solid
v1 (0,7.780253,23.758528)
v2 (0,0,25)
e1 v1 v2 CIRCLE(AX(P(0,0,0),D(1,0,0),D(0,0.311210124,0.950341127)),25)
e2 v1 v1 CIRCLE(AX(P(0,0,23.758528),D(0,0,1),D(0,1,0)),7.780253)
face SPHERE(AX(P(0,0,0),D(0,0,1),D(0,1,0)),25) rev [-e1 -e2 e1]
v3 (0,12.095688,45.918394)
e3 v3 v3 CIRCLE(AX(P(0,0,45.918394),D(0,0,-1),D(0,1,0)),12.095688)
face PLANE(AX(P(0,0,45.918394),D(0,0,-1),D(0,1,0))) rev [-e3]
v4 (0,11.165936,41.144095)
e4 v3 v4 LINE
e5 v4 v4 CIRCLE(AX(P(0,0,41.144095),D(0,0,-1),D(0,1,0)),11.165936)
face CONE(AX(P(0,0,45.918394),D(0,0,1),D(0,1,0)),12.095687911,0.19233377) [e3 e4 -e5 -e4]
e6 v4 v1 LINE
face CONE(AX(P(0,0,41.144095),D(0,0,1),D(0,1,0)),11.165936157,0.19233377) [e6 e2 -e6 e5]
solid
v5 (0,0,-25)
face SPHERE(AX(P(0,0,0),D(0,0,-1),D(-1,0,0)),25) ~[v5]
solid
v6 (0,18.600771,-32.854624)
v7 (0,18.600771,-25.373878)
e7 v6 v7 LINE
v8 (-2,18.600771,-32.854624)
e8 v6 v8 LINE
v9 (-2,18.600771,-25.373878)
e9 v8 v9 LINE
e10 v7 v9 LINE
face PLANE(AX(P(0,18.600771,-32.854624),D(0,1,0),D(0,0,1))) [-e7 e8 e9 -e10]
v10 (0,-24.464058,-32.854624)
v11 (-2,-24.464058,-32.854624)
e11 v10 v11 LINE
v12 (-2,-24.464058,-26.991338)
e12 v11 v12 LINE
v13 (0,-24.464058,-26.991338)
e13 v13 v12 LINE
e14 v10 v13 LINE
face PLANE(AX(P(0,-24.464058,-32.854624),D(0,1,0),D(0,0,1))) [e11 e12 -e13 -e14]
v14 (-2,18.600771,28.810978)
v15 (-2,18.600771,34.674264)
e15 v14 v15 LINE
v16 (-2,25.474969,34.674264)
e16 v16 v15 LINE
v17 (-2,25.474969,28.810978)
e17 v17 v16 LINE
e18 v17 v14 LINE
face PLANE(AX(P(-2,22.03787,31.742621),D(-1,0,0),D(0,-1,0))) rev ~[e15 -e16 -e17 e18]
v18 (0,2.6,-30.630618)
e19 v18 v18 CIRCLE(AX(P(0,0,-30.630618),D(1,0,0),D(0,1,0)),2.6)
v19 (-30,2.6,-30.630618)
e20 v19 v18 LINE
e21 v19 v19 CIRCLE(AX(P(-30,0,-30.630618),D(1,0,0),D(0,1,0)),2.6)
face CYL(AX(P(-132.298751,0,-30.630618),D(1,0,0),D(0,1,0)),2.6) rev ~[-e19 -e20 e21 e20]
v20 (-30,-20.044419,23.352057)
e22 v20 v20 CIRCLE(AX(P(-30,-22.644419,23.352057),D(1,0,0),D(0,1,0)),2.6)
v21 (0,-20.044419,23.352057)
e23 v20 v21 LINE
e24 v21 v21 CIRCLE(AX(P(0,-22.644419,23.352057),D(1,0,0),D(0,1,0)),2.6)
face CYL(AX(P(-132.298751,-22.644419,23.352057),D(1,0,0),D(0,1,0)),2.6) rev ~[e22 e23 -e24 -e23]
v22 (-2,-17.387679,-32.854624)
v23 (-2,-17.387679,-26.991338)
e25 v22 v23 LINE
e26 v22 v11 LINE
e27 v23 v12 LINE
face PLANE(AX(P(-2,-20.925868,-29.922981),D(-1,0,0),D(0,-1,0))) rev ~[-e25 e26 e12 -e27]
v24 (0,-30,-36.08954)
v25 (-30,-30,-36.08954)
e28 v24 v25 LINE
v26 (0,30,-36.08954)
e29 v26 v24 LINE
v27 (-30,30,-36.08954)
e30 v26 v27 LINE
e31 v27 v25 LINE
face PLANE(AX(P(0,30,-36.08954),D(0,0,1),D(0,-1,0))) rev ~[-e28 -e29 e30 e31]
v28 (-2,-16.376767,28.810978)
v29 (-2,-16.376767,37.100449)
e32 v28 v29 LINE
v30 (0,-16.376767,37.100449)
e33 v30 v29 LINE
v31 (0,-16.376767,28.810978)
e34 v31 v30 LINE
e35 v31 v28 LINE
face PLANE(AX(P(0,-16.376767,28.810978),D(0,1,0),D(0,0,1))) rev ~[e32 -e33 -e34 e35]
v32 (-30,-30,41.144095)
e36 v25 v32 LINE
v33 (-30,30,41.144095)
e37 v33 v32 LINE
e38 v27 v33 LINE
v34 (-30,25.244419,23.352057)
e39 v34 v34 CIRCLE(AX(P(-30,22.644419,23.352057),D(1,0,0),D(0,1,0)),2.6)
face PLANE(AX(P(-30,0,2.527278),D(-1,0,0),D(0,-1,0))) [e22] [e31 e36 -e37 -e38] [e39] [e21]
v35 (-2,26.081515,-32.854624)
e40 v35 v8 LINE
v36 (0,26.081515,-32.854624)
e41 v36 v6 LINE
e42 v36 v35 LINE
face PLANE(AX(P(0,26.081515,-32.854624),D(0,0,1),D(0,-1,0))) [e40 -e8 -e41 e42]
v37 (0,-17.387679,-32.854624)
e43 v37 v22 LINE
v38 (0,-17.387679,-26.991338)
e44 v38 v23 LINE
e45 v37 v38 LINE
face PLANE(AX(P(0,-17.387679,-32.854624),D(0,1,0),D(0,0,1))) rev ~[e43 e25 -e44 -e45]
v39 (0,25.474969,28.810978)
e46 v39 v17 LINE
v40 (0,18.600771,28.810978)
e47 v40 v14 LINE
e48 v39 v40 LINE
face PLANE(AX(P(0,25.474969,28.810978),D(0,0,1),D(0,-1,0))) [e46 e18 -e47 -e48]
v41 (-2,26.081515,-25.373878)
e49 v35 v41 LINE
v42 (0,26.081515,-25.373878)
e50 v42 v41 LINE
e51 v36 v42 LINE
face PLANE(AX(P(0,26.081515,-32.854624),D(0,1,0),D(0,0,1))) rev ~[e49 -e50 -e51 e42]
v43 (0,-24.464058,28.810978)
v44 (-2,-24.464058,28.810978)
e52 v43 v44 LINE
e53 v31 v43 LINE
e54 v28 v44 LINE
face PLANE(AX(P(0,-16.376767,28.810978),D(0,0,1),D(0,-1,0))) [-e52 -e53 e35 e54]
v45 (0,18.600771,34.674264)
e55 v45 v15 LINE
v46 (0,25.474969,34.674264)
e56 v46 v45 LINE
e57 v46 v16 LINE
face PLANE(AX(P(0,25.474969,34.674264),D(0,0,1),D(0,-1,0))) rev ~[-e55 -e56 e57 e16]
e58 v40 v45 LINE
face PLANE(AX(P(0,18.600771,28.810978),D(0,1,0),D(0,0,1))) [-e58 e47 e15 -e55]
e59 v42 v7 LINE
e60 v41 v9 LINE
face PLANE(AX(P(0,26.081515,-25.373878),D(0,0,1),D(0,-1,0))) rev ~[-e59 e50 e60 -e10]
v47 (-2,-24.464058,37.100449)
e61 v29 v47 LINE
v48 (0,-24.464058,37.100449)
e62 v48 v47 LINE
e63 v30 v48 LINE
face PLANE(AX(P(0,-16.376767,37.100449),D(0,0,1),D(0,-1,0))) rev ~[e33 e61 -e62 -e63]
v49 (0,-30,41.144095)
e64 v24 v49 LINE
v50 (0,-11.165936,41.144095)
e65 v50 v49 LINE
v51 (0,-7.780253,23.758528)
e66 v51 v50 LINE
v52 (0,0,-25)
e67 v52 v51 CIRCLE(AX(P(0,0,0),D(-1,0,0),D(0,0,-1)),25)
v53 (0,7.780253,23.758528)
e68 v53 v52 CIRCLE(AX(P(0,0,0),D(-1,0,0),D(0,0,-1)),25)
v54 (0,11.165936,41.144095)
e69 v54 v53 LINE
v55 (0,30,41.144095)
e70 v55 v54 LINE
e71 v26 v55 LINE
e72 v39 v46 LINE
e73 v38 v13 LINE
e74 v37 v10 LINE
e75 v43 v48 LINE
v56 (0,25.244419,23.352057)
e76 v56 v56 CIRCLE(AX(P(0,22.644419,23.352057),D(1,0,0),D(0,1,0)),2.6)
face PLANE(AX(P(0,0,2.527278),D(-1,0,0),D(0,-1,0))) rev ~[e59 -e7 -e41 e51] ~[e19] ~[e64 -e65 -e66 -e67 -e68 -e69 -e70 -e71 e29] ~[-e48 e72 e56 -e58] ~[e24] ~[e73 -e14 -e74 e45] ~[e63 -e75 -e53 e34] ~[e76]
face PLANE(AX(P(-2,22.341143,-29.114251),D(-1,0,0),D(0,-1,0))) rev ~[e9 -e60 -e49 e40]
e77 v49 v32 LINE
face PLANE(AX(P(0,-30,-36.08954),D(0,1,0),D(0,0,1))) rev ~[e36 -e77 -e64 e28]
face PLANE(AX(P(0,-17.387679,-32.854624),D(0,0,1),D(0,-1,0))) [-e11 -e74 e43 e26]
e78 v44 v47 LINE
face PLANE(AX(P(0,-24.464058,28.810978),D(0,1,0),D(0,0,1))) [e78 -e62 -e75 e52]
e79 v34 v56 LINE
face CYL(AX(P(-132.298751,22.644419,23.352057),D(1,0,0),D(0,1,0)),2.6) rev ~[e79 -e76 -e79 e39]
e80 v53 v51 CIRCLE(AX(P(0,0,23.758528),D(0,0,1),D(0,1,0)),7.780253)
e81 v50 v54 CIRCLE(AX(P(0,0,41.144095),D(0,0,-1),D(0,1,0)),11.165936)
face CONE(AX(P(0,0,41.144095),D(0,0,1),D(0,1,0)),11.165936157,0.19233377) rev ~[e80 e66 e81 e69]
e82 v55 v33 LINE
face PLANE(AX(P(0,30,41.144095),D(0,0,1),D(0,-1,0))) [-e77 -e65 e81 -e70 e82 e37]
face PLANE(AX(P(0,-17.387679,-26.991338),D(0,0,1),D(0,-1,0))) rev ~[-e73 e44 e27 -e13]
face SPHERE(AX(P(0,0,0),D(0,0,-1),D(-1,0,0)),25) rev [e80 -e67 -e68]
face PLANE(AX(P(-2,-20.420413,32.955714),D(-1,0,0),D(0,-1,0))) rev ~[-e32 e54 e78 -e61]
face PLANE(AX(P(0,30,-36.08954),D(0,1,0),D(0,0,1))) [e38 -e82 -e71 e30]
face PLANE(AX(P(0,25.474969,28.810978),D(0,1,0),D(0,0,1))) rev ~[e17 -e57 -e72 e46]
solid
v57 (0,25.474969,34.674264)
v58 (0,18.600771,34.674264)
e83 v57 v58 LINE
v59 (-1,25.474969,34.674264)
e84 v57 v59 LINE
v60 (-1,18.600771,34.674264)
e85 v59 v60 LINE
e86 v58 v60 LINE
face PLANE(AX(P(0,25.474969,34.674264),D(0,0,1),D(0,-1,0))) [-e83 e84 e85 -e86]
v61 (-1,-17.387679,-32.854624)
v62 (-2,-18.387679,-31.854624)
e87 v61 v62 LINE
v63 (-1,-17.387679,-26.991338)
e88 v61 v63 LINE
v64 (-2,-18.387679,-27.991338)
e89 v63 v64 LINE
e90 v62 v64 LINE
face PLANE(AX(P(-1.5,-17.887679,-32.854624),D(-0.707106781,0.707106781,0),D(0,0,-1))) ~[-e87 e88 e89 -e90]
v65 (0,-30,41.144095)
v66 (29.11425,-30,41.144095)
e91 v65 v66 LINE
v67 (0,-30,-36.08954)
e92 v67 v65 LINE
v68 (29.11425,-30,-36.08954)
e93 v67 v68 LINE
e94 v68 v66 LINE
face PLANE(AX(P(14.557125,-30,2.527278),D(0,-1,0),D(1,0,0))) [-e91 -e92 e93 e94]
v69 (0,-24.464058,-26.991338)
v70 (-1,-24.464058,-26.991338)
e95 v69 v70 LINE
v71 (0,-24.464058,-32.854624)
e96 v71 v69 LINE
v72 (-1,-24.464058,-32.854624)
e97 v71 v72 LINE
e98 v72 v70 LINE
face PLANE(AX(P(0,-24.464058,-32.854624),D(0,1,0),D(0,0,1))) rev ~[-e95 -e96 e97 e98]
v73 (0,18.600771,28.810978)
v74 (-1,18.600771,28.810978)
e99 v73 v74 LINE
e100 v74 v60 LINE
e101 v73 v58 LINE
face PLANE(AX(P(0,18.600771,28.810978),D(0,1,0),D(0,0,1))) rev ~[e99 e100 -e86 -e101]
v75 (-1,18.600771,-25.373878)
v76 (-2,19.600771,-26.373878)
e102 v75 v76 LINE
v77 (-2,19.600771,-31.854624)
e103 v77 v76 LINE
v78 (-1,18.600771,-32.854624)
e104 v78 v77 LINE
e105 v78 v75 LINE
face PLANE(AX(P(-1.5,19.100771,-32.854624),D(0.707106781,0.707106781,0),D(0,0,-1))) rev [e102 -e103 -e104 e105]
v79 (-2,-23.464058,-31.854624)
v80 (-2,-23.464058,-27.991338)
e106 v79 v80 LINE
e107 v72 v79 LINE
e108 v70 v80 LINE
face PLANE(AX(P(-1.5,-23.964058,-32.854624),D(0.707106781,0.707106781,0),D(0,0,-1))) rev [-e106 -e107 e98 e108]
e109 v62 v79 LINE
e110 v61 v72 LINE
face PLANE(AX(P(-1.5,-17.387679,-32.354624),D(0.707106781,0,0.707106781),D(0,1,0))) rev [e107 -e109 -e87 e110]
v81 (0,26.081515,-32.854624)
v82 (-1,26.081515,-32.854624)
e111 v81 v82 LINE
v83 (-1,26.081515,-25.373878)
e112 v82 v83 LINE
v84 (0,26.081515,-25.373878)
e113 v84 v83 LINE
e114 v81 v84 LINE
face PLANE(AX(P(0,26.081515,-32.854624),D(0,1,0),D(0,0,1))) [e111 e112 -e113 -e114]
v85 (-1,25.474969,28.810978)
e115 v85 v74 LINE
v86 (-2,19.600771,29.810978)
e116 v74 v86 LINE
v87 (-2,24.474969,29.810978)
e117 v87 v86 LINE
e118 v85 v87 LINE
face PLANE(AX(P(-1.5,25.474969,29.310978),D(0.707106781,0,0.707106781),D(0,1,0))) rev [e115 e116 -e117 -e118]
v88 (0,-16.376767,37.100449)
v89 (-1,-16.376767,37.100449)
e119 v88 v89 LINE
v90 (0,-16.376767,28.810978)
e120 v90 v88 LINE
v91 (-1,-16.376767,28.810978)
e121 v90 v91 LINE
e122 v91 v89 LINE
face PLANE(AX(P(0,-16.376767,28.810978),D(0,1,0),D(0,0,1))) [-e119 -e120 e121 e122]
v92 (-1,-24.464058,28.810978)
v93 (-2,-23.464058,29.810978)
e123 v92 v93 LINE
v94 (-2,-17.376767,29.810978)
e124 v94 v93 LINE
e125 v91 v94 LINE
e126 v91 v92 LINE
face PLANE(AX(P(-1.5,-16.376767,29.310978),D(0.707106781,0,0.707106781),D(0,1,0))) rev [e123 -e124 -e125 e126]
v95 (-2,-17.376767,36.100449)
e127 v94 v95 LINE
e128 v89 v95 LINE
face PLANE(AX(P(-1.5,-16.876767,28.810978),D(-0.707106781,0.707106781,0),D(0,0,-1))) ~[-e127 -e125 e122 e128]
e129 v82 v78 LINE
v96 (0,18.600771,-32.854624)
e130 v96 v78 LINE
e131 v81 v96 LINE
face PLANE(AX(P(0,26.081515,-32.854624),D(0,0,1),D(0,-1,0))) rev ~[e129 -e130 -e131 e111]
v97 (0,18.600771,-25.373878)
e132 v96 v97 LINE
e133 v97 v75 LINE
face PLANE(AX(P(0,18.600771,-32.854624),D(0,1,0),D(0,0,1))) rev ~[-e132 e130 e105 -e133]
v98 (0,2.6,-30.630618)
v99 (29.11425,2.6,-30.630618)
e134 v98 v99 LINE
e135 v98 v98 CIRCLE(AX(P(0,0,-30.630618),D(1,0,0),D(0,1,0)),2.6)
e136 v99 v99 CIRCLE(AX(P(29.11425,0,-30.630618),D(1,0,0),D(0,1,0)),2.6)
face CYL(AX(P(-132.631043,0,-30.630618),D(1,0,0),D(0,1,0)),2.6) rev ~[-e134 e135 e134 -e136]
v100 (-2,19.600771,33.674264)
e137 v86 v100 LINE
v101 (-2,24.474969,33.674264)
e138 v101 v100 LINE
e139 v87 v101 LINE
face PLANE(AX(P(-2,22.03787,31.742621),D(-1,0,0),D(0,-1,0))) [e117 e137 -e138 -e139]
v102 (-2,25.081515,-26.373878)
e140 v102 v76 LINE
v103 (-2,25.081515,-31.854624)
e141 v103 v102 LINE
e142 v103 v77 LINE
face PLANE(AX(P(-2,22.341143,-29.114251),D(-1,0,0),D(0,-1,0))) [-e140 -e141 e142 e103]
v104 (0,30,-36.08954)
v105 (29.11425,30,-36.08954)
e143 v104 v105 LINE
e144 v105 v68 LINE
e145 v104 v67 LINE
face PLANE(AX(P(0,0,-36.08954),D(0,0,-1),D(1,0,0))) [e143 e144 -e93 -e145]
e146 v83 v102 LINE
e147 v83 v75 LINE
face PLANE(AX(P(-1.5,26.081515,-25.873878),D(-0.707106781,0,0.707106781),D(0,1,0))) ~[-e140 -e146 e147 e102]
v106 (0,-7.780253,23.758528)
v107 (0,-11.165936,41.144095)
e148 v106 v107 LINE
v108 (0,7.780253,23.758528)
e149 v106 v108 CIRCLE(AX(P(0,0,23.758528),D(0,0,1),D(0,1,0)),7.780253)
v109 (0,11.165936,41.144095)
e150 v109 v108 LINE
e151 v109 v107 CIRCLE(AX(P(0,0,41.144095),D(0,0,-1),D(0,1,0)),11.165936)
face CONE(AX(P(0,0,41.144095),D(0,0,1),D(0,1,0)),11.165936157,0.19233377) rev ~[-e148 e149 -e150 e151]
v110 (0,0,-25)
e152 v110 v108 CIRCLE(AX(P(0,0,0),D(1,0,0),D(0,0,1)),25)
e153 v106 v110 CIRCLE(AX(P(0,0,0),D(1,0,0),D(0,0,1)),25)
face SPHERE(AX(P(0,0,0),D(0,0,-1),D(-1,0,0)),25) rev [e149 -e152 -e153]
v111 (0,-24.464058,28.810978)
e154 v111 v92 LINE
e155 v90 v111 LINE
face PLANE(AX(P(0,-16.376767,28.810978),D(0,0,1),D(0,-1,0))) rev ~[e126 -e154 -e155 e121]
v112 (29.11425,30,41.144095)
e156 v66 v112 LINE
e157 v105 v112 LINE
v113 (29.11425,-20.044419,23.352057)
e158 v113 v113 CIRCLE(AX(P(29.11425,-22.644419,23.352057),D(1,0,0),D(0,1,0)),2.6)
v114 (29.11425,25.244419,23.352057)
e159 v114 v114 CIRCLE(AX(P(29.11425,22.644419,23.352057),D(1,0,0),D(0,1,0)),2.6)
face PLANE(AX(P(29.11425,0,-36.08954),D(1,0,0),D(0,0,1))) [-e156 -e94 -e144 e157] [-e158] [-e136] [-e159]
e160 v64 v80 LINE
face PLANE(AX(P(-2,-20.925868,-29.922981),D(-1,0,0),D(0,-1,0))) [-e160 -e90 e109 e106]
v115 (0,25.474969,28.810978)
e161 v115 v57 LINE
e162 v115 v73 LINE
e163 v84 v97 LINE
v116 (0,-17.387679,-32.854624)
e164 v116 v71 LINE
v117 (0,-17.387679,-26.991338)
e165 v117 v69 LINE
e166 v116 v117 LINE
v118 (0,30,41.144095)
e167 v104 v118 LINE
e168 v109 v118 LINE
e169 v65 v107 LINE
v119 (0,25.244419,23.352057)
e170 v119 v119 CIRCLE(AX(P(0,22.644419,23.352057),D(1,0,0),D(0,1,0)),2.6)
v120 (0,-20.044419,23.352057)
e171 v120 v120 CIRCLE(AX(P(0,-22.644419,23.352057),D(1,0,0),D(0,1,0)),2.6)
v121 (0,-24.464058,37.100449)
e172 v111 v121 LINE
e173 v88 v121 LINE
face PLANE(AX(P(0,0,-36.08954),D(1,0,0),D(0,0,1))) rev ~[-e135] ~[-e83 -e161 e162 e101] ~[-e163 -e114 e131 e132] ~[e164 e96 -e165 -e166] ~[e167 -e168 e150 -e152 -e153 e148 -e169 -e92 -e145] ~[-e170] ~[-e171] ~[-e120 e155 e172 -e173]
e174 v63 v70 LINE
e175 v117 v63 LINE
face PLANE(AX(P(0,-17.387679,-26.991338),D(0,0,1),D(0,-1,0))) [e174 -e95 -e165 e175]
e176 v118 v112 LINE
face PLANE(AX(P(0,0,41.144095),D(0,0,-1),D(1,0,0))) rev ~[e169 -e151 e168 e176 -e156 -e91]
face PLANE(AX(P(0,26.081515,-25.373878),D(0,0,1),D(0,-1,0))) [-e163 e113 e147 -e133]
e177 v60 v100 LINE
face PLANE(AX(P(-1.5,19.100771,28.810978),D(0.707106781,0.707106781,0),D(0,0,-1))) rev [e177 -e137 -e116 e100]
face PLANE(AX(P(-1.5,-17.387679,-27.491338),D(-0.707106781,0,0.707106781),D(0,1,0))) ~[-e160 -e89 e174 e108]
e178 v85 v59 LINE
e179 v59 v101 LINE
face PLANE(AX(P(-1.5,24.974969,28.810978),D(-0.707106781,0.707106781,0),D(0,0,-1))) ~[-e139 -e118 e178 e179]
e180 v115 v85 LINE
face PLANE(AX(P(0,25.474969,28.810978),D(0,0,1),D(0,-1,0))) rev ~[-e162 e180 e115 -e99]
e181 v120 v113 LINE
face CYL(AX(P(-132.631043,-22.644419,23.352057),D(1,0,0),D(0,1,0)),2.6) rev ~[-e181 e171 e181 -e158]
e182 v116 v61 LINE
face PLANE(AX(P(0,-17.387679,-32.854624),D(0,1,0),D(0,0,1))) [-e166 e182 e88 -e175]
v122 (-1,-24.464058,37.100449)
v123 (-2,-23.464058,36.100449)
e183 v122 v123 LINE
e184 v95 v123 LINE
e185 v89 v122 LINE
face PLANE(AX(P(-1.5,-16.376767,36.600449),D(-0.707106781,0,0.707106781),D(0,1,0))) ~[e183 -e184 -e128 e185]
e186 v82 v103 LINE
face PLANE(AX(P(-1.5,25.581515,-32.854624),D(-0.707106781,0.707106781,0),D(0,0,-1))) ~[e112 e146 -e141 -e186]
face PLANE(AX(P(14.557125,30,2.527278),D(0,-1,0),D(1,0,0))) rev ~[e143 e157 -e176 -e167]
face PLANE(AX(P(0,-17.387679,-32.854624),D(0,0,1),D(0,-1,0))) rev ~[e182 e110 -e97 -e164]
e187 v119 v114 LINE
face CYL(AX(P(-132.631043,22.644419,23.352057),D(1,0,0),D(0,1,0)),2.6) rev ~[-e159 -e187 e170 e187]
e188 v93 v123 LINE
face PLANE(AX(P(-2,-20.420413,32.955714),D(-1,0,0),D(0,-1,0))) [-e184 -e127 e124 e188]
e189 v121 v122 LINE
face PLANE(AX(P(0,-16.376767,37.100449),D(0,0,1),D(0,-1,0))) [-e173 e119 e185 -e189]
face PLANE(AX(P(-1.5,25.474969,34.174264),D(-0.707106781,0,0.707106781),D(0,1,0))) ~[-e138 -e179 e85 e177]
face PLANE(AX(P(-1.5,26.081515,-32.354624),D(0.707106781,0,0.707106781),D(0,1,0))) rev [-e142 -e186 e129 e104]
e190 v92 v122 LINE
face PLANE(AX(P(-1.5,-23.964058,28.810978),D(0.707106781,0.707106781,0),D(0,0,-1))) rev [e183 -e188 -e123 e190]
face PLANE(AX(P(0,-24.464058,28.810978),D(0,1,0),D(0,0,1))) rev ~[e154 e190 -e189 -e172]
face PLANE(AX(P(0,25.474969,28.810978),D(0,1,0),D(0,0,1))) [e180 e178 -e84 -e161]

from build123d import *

# Parameters (mm, degrees)
F2_W     = 29.1142500937
F2_H     = 77.2336348891
F3_DEPTH = 30
F4_W     = 6.874198094
F4_H     = 5.8632865548
F4_W_2   = 8.0872904509
F4_H_2   = 8.2894712687
F4_W_3   = 7.0763789117
F4_W_4   = 7.4807442725
F4_H_3   = 7.4807461351
F5_DEPTH = 2
F6_W     = 60
F6_H     = 77.2336348891
F8_DEPTH = 30
F15_SIZE = 1
F17_D    = 5.2
F17_2_D  = 5.2


with BuildPart() as f1:
    # F0 (on Front) → F1 (revolve)
    with BuildSketch(Plane.XZ):
        with BuildLine():
            Line((0, -25), (0, 25))
            ThreePointArc((0, 25), (-25, 0), (0, -25))
        make_face()
    revolve(axis=Axis((0, 0, 1.6856454313), (0, 0, 1)))


with BuildPart() as f3:
    # F2 (on Front) → F3 (new body, symmetric)
    with BuildSketch(Plane.XZ):
        with Locations((14.5571250468, 2.5272779167)):
            Rectangle(F2_W, F2_H)
    extrude(amount=F3_DEPTH, both=True)

    # F4 (on face) → F5 (join)
    with BuildSketch(Plane(origin=(0, 0, 0), x_dir=(0, -1, 0), z_dir=(-1, 0, 0))):
        with Locations((-22.0378702506, 31.7426212132)):
            Rectangle(F4_W, F4_H)
        with Locations((20.420412533, 32.9557135701)):
            Rectangle(F4_W_2, F4_H_2)
        with Locations((20.9258683026, -29.9229808152)):
            Rectangle(F4_W_3, F4_H)
        with Locations((-22.3411433399, -29.114251025)):
            Rectangle(F4_W_4, F4_H_3)
    extrude(amount=F5_DEPTH)

    # F7: cut F1
    add(f1.part, mode=Mode.SUBTRACT)


with BuildPart() as f8:
    # F6 (on face) → F8 (new body)
    with BuildSketch(Plane(origin=(0, 0, 0), x_dir=(0, -1, 0), z_dir=(-1, 0, 0))):
        with Locations((0, 2.5272779167)):
            Rectangle(F6_W, F6_H)
    extrude(amount=F8_DEPTH)

    # F9: cut F3
    add(f3.part, mode=Mode.SUBTRACT)

    # F10: cut F1
    add(f1.part, mode=Mode.SUBTRACT)


with BuildPart() as f12:
    # F11 (on face) → F12 (revolve)
    with BuildSketch(Plane(origin=(0, 0, 0), x_dir=(0, -1, 0), z_dir=(-1, 0, 0))):
        Polygon((-12.0956879109, 45.9183938801), (-11.1659361575, 41.1440953612), (0, 41.1440953612), (0, 45.9183938801), align=None)
        with BuildLine():
            Line((-11.1659361575, 41.1440953612), (-7.7802531085, 23.7585281861))
            ThreePointArc((-7.7802531085, 23.7585281861), (-3.9393397511, 24.6876811857), (0, 25))
            Line((0, 25), (0, 41.1440953612))
            Line((0, 41.1440953612), (-11.1659361575, 41.1440953612))
        make_face()
    revolve(axis=Axis((0, 0, 32.5138643384), (0, 0, -1)))

    # F13: cut F1
    add(f1.part, mode=Mode.SUBTRACT)


with BuildPart() as f3_1:
    add(f3.part)

    # F14: cut F12
    add(f12.part, mode=Mode.SUBTRACT)

    # F15
    f15_edges = [f3_1.edges().sort_by_distance(p)[0] for p in [
        (-2, -20.420413, 37.100449),
        (-2, -16.376767, 32.955714),
        (-2, -20.420413, 28.810978),
        (-2, -24.464058, 32.955714),
        (-2, 22.03787, 34.674264),
        (-2, 25.474969, 31.742621),
        (-2, 22.03787, 28.810978),
        (-2, 18.600771, 31.742621),
        (-2, 22.341143, -32.854624),
        (-2, 18.600771, -29.114251),
        (-2, 22.341143, -25.373878),
        (-2, 26.081515, -29.114251),
        (-2, -20.925868, -26.991338),
        (-2, -17.387679, -29.922981),
        (-2, -20.925868, -32.854624),
        (-2, -24.464058, -29.922981),
    ]]
    chamfer(f15_edges, length=F15_SIZE)

    # F17 (through all)
    with Locations(Plane(origin=(-30, 0, 0), x_dir=(0, -1, 0), z_dir=(-1, 0, 0))):
        with Locations((-22.6444192231, 23.3520567417), (22.6444192231, 23.3520567417), (0, -30.6306183338)):
            Hole(F17_D / 2)


with BuildPart() as f8_1:
    add(f8.part)

    # F14: cut F12
    add(f12.part, mode=Mode.SUBTRACT)

    # F17#2 (through all)
    with Locations(Plane(origin=(-30, 0, 0), x_dir=(0, -1, 0), z_dir=(-1, 0, 0))):
        with Locations((-22.6444192231, 23.3520567417), (22.6444192231, 23.3520567417), (0, -30.6306183338)):
            Hole(F17_2_D / 2)


solid = Compound([f1.part, f12.part, f3_1.part, f8_1.part])
